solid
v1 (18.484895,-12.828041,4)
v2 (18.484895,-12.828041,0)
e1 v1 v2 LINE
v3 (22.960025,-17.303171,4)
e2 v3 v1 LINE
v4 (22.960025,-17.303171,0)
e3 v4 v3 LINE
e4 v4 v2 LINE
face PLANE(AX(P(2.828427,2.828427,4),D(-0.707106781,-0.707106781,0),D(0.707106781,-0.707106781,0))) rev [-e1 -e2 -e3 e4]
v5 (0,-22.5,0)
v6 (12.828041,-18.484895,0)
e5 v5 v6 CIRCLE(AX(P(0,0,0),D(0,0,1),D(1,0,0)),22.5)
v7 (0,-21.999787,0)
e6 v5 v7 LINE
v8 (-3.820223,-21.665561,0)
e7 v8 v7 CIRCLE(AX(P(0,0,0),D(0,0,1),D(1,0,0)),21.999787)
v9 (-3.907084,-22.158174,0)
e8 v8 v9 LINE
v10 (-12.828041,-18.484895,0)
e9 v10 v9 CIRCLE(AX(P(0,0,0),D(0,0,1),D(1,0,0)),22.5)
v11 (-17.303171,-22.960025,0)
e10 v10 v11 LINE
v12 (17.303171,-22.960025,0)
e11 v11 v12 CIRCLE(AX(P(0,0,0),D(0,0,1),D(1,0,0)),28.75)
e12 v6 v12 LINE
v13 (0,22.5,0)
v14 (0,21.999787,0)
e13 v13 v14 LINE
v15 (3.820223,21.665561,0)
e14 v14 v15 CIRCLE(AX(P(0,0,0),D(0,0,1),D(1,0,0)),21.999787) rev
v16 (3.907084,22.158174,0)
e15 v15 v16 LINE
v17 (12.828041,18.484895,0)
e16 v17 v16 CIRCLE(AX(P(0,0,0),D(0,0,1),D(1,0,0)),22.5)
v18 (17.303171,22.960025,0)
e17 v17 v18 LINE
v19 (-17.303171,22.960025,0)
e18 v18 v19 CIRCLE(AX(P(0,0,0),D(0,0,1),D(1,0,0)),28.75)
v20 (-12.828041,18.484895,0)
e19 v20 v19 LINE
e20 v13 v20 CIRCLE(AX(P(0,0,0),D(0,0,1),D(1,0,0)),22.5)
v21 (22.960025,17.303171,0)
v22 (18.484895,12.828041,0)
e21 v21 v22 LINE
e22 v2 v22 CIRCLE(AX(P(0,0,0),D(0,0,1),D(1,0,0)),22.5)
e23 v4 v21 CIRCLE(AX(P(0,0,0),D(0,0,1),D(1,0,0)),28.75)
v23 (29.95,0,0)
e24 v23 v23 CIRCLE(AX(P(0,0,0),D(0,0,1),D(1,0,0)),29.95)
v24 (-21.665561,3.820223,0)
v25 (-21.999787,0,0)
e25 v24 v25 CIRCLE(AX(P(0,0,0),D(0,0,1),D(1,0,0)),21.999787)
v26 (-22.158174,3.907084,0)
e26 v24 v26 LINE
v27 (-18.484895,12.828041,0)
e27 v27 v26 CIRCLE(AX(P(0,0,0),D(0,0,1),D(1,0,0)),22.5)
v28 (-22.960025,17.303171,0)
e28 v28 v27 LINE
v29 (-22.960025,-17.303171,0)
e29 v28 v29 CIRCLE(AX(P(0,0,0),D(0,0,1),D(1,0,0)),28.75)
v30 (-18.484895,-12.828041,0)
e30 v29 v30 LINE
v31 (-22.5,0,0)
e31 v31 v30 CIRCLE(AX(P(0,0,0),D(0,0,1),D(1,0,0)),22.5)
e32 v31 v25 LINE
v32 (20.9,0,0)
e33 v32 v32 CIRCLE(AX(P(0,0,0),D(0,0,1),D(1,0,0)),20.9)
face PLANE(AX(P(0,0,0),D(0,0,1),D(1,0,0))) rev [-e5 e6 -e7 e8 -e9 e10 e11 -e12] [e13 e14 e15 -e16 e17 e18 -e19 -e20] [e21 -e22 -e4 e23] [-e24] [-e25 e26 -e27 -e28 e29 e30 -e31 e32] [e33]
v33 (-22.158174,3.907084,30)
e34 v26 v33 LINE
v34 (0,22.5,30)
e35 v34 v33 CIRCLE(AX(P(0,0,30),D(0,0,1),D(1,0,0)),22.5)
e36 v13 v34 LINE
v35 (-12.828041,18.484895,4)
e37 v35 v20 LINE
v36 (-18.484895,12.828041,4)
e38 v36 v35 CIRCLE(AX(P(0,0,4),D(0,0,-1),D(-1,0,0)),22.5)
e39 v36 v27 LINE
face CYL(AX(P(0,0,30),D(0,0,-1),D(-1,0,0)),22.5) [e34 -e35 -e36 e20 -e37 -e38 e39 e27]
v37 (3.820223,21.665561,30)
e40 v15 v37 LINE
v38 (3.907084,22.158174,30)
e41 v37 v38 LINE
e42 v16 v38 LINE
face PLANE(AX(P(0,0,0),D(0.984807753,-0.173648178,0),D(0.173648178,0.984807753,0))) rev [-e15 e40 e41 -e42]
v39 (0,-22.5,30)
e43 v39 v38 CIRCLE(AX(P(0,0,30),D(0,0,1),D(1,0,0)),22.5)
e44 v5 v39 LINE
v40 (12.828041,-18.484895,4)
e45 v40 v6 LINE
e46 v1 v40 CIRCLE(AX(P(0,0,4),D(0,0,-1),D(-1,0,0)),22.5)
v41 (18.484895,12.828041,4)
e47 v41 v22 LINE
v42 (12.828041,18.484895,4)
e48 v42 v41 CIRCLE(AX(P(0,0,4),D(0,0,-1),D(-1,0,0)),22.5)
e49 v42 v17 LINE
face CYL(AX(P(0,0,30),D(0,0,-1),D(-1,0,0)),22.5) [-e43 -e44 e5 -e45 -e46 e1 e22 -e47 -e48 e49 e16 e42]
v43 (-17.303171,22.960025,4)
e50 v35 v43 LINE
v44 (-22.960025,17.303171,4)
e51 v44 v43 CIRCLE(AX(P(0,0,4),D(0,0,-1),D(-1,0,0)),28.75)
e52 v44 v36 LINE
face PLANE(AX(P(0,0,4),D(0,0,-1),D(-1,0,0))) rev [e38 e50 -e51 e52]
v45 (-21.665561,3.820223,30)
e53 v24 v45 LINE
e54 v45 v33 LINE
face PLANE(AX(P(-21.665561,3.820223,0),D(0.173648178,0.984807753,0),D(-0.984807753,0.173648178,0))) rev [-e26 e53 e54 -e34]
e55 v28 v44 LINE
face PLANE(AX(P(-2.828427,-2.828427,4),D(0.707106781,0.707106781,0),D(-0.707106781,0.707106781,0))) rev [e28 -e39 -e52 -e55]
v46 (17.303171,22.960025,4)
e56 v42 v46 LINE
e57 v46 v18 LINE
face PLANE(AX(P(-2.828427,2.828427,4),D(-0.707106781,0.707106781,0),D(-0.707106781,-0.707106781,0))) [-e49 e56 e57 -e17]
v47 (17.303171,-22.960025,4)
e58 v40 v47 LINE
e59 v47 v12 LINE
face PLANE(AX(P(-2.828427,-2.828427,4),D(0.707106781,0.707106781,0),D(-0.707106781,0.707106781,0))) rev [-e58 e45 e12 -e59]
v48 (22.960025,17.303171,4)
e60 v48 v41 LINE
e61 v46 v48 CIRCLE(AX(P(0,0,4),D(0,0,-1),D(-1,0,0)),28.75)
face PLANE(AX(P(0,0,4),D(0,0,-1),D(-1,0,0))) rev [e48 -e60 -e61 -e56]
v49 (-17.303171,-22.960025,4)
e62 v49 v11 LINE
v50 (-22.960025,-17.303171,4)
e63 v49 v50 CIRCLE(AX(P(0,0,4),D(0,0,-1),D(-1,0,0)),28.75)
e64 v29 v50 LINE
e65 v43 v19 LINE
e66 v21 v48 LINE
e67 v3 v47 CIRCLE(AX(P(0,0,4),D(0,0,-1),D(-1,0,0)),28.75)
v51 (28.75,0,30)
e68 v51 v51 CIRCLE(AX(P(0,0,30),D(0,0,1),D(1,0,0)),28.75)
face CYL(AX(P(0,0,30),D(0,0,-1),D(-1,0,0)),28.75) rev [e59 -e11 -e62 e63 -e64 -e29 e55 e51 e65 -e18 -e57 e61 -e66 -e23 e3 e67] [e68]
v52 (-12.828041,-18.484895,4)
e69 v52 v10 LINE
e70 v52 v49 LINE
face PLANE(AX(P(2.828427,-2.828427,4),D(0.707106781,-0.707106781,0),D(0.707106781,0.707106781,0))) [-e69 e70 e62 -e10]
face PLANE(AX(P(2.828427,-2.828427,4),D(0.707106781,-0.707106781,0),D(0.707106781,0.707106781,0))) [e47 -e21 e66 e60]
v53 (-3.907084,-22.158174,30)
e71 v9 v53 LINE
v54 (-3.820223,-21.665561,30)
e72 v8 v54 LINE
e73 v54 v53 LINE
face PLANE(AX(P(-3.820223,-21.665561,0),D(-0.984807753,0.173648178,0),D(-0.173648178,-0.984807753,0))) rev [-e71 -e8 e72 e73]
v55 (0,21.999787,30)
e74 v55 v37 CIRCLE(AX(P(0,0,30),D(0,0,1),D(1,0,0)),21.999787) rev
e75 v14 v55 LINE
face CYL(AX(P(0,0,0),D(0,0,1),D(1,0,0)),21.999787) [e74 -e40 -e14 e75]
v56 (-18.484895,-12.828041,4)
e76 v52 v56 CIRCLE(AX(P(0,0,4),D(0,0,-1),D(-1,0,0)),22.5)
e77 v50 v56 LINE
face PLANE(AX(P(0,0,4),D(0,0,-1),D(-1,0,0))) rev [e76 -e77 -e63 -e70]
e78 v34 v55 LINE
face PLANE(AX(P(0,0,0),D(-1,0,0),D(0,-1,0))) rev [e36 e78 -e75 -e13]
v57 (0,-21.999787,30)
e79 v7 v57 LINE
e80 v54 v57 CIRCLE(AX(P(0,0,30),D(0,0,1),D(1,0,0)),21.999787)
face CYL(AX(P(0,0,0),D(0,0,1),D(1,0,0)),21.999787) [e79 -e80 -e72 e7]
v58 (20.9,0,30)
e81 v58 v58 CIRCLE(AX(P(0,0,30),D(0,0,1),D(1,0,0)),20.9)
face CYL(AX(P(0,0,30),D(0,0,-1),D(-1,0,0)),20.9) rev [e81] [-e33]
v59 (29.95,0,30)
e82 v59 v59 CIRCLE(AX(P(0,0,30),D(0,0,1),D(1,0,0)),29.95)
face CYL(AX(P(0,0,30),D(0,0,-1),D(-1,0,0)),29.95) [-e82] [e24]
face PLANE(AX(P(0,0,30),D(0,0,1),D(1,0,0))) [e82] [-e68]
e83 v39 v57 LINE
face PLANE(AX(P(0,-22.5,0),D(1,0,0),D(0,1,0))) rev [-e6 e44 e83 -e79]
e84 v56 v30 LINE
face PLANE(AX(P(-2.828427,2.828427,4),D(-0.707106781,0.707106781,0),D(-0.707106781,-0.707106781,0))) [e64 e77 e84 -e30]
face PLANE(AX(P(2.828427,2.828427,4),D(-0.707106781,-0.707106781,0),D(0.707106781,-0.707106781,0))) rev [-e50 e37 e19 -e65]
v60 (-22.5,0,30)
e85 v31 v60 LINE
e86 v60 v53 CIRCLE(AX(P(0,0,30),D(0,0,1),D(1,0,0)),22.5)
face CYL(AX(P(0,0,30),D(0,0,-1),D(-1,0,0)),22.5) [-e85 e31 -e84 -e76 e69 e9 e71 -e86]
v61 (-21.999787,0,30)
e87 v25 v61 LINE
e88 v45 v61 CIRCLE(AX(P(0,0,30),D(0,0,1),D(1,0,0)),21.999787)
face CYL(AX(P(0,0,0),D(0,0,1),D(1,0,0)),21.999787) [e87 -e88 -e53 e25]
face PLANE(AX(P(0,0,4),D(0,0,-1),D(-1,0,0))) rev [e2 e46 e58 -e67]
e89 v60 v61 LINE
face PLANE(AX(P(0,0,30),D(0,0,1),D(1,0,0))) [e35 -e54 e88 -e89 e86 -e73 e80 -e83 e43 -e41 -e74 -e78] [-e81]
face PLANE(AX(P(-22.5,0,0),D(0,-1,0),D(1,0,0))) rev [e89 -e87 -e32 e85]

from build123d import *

# Parameters (mm, degrees)
CROQUIS1_R                = 22.5
CROQUIS1_R_2              = 20.9
SALIENTE_EXTRUIR1_DEPTH   = 30
CROQUIS1_R_3              = 29.95
CROQUIS1_R_4              = 28.75
SALIENTE_EXTRUIR1_2_DEPTH = 30
CORTAR_EXTRUIR1_DEPTH     = 30
SALIENTE_EXTRUIR2_DEPTH   = 4


with BuildPart() as part:
    # Croquis1 → Saliente-Extruir1 (new body)
    with BuildSketch(Plane.XY):
        Circle(CROQUIS1_R)
        Circle(CROQUIS1_R_2, mode=Mode.SUBTRACT)
    extrude(amount=SALIENTE_EXTRUIR1_DEPTH)

    # Croquis2 → Cortar-Extruir1 (cut)
    with BuildSketch(Plane.XY.offset(30)):
        with BuildLine():
            ThreePointArc((3.907083998, 22.158174443), (1.961004212, 22.414380707), (0, 22.5))
            Line((0, 22.5), (0, 21.999786926))
            ThreePointArc((0, 21.999786926), (1.91740777, 21.916071095), (3.820222909, 21.66556073))
            Line((3.820222909, 21.66556073), (3.907083998, 22.158174443))
        make_face()
        with BuildLine():
            ThreePointArc((-3.820222909, -21.66556073), (-1.91740777, -21.916071095), (0, -21.999786926))
            Line((0, -21.999786926), (0, -22.5))
            ThreePointArc((0, -22.5), (-1.961004212, -22.414380707), (-3.907083998, -22.158174443))
            Line((-3.907083998, -22.158174443), (-3.820222909, -21.66556073))
        make_face()
        with BuildLine():
            ThreePointArc((-22.158174443, 3.907083998), (-22.414380707, 1.961004212), (-22.5, 0))
            Line((-22.5, 0), (-21.999786926, 0))
            ThreePointArc((-21.999786926, 0), (-21.916071095, 1.91740777), (-21.66556073, 3.820222909))
            Line((-21.66556073, 3.820222909), (-22.158174443, 3.907083998))
        make_face()
    extrude(amount=-CORTAR_EXTRUIR1_DEPTH, mode=Mode.SUBTRACT)



with BuildPart() as body_2:
    # Croquis1 → Saliente-Extruir1 2 (new body)
    with BuildSketch(Plane.XY):
        Circle(CROQUIS1_R_3)
        Circle(CROQUIS1_R_4, mode=Mode.SUBTRACT)
    extrude(amount=SALIENTE_EXTRUIR1_2_DEPTH)


with BuildPart() as part_1:
    add(part.part)

    add(body_2.part)  # Saliente-Extruir2 merges body 2
    # Croquis3 → Saliente-Extruir2 (add)
    with BuildSketch(Plane(origin=(0, 0, 0), x_dir=(-1, 0, 0), z_dir=(0, 0, -1))):
        with BuildLine():
            ThreePointArc((-18.484895437, 12.828041187), (-15.909902577, 15.909902577), (-12.828041187, 18.484895437))
            Line((-12.828041187, 18.484895437), (-18.159694516, 23.816548765))
            Line((-18.159694516, 23.816548765), (-23.816548765, 18.159694516))
            Line((-23.816548765, 18.159694516), (-18.484895437, 12.828041187))
        make_face()
        with BuildLine():
            Line((-18.159694516, -23.816548765), (-12.828041187, -18.484895437))
            ThreePointArc((-12.828041187, -18.484895437), (-15.909902577, -15.909902577), (-18.484895437, -12.828041187))
            Line((-18.484895437, -12.828041187), (-23.816548765, -18.159694516))
            Line((-23.816548765, -18.159694516), (-18.159694516, -23.816548765))
        make_face()
        with BuildLine():
            Line((23.816548765, -18.159694516), (18.484895437, -12.828041187))
            ThreePointArc((18.484895437, -12.828041187), (15.909902577, -15.909902577), (12.828041187, -18.484895437))
            Line((12.828041187, -18.484895437), (18.159694516, -23.816548765))
            Line((18.159694516, -23.816548765), (23.816548765, -18.159694516))
        make_face()
        with BuildLine():
            Line((18.484895437, 12.828041187), (23.816548765, 18.159694516))
            Line((23.816548765, 18.159694516), (18.159694516, 23.816548765))
            Line((18.159694516, 23.816548765), (12.828041187, 18.484895437))
            ThreePointArc((12.828041187, 18.484895437), (15.909902577, 15.909902577), (18.484895437, 12.828041187))
        make_face()
    extrude(amount=-SALIENTE_EXTRUIR2_DEPTH)


solid = part_1.part
